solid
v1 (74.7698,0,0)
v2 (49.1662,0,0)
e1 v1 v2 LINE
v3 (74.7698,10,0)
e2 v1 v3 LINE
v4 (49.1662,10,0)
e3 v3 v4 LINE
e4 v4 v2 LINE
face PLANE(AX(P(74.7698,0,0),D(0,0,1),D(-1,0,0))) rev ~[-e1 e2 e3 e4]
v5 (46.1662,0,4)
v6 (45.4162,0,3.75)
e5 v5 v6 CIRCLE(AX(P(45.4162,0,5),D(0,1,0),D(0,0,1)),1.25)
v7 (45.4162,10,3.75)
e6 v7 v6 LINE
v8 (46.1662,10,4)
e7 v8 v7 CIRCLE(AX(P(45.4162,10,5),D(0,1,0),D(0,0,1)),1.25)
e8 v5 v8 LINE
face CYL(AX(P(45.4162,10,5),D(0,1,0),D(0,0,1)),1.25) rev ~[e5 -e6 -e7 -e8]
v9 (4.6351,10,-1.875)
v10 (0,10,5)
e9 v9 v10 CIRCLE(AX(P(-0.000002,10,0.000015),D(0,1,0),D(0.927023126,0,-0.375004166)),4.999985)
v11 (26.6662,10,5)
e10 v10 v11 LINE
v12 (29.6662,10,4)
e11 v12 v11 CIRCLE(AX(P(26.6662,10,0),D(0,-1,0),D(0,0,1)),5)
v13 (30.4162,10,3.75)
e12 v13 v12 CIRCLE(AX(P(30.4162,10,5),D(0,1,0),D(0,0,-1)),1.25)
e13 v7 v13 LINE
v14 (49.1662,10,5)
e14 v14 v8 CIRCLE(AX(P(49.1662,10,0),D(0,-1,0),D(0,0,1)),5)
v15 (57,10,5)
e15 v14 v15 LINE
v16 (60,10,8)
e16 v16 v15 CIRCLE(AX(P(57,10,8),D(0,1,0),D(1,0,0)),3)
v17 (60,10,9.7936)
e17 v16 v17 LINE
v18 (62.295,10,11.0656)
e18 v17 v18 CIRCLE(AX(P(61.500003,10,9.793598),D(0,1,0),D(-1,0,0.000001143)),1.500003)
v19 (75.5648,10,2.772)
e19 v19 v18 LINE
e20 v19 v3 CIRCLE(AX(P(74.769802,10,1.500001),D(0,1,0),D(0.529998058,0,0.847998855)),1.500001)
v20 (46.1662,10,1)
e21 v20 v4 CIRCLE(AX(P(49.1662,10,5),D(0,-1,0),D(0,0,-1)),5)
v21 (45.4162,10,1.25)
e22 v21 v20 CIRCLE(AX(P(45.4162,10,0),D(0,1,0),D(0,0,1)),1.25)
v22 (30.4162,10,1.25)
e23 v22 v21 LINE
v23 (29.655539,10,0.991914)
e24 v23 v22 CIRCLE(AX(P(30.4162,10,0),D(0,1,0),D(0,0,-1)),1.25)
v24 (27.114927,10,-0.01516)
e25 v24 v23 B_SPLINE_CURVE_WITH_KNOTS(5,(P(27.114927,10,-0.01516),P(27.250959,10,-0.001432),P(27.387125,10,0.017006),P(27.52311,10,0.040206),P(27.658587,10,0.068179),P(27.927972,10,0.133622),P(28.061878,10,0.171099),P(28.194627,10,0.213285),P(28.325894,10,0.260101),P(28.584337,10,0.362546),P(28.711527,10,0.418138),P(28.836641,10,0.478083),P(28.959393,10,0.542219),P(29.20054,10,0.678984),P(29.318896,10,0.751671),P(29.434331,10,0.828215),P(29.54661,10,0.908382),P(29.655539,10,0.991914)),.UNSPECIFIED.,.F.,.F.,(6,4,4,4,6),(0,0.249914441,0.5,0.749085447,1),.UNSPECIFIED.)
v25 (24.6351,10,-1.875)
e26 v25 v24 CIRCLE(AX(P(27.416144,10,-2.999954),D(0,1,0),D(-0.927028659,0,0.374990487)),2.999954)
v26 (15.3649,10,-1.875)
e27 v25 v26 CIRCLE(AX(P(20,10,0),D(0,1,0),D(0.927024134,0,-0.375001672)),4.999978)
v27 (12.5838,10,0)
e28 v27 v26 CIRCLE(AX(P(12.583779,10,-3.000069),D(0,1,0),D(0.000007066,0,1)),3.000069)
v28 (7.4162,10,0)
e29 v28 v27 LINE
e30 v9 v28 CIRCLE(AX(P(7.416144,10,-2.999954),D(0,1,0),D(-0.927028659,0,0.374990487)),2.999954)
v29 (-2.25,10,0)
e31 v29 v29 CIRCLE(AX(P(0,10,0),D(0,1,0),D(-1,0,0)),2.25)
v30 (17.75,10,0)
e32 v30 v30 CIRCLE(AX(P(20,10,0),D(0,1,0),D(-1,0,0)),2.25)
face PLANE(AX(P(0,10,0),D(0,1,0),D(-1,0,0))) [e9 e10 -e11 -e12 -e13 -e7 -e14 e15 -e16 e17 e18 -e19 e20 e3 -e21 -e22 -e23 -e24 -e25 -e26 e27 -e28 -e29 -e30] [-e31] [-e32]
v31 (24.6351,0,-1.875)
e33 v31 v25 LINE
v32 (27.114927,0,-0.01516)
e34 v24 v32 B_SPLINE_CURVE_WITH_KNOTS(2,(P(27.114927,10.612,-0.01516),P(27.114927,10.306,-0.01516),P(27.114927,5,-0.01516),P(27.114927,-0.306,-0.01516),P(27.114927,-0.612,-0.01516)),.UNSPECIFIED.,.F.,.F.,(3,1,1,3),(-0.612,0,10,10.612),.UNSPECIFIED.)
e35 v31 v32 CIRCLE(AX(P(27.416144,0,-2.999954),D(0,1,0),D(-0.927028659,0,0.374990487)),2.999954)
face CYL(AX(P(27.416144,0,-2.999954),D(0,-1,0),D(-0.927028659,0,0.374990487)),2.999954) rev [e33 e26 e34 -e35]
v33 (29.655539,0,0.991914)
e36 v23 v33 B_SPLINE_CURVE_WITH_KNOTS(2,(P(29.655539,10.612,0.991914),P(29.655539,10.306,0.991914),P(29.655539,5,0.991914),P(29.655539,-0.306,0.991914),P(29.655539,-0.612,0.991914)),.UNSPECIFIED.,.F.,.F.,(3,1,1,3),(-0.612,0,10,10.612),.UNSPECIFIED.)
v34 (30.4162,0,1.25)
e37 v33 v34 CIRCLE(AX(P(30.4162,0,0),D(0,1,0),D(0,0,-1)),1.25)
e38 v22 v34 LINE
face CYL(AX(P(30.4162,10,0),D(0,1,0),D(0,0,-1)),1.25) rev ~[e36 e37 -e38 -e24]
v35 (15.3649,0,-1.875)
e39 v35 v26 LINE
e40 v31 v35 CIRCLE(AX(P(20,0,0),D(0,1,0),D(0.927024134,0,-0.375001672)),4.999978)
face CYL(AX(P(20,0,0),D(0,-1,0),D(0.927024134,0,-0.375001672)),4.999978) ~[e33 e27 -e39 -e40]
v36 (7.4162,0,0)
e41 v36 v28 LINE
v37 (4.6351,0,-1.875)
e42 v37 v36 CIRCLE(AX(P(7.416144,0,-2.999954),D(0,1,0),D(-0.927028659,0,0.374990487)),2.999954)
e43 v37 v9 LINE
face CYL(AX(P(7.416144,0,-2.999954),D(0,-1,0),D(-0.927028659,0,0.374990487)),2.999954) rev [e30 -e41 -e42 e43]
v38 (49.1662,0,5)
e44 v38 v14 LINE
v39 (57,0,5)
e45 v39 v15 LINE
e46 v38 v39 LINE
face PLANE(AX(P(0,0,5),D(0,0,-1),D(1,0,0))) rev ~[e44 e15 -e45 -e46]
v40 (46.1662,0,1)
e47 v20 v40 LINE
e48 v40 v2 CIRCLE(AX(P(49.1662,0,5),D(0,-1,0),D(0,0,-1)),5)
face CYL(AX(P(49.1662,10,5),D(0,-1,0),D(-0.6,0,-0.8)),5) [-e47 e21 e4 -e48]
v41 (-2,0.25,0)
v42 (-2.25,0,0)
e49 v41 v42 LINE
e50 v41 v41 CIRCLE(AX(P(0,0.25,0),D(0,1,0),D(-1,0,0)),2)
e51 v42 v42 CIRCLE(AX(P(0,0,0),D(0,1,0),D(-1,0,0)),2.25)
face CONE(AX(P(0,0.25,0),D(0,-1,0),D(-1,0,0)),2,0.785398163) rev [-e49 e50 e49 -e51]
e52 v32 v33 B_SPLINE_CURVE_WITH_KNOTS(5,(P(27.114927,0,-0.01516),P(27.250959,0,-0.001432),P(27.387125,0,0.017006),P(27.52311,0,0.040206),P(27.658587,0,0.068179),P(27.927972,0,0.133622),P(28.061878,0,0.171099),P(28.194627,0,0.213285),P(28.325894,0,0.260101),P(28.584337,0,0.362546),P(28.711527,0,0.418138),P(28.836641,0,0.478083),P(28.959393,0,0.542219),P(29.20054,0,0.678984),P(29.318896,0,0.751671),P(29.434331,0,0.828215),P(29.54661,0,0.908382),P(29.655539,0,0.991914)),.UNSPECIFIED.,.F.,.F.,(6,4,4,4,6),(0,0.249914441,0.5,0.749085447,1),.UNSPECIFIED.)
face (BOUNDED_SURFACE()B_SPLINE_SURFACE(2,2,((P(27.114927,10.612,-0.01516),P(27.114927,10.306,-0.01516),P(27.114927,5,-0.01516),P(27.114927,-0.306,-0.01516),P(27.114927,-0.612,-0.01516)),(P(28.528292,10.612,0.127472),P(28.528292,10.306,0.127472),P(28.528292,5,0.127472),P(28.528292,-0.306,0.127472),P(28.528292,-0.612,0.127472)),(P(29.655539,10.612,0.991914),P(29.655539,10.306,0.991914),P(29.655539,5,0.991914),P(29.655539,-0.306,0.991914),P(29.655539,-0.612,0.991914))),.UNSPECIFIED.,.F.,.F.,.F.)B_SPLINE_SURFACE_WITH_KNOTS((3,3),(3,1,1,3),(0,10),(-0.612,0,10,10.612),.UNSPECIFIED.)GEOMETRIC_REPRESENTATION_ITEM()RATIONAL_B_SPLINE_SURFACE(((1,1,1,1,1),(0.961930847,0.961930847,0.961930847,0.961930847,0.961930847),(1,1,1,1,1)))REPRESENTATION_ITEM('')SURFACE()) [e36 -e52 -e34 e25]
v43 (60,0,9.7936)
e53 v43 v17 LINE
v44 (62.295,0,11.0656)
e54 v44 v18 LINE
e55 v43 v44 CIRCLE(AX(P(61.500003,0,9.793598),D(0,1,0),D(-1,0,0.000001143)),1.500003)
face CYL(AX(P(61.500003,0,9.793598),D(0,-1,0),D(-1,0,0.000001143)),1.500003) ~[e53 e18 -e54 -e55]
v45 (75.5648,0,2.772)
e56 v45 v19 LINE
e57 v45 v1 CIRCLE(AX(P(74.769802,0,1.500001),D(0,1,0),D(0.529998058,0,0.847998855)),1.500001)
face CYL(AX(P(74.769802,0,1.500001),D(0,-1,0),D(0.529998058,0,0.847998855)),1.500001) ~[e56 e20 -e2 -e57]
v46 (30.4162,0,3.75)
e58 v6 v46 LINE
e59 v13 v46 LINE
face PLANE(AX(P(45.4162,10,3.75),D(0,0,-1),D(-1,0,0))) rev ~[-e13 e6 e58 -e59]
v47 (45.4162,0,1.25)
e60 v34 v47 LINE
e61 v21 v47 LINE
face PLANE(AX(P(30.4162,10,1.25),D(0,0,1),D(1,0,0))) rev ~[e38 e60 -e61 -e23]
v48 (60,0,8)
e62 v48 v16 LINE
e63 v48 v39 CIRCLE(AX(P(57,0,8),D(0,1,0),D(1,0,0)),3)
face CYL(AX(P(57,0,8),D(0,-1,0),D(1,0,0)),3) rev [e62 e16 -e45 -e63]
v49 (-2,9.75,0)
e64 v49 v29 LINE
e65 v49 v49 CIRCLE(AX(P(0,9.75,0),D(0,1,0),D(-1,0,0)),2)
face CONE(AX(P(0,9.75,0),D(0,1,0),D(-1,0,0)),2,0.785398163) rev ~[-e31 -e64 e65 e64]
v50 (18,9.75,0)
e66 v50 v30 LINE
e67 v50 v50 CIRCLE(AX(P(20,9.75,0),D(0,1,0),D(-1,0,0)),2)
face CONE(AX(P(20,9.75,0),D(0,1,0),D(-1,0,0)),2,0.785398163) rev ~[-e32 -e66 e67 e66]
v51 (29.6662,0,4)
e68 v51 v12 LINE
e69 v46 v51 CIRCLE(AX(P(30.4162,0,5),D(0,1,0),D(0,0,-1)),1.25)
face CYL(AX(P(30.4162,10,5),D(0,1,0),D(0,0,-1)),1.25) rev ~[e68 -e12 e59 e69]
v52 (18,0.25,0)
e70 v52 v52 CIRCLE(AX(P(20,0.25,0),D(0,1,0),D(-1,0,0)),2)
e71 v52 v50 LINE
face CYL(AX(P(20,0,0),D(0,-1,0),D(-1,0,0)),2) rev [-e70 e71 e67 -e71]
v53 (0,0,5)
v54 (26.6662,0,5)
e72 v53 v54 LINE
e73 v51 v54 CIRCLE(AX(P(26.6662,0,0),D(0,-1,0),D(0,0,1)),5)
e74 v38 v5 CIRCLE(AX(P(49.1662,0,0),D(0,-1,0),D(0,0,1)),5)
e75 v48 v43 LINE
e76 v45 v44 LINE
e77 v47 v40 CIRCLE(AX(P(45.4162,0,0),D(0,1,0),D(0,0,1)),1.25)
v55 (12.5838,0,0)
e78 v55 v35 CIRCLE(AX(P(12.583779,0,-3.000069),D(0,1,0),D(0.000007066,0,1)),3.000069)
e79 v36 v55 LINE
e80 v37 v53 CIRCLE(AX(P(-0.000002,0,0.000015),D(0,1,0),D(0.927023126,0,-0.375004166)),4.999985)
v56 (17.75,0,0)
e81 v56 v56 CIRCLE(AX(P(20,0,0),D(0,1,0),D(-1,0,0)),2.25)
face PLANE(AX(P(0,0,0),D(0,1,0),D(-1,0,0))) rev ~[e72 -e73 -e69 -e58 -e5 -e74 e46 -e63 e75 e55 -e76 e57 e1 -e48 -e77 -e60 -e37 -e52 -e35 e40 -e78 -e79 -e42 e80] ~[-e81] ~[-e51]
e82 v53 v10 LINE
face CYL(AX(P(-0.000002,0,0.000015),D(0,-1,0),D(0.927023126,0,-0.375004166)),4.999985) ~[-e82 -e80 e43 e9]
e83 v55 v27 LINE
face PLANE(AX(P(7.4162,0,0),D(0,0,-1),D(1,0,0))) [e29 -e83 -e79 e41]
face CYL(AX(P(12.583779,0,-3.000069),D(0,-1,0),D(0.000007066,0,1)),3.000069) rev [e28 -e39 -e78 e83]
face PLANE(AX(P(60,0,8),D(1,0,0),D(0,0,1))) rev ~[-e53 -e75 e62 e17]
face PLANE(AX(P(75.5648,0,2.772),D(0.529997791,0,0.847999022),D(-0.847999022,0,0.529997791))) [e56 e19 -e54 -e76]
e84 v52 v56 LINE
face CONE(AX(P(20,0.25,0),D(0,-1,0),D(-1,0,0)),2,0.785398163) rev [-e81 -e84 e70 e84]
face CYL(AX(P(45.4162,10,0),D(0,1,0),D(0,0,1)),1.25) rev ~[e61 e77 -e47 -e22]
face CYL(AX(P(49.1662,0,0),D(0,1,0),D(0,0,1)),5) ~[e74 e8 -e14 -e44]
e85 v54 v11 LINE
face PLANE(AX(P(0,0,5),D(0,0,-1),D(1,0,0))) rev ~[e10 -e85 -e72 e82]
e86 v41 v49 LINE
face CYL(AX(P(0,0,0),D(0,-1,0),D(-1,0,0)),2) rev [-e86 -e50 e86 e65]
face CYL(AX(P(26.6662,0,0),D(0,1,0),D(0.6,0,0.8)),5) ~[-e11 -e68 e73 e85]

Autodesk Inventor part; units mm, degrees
ref_plane "YZ Plane" through (0, 0, 0) normal (1, 0, 0) x (0, 1, 0)
ref_plane "XZ Plane" through (0, 0, 0) normal (0, 1, 0) x (-1, 0, 0)
ref_plane "XY Plane" through (0, 0, 0) normal (0, 0, 1) x (1, 0, 0)
sketch "Sketch1" plane through (0, 0, 0) normal (0, 1, 0) x (-1, 0, 0)
  circle A0 centre (0, 0) radius 2
  line L0 (-7.4162, 0) -> (-12.5838, 0) construction
  circle A1 centre (-20, 0) radius 2
  arc A2 (-4.6351, -1.875) -> (0, 5) centre (0, 0) ccw
  arc A3 (-24.6351, -1.875) -> (-15.3649, -1.875) centre (-20, 0) ccw
  line L1 (-5, 0) -> (-15, 0)
  arc A4 (-4.6351, -1.875) -> (-7.4162, 0) centre (-7.4162, -3) ccw
  arc A5 (-12.5838, 0) -> (-15.3649, -1.875) centre (-12.5838, -3) ccw
  line L2 (-27.4162, 0) -> (-74.7698, 0) construction
  line L3 (-80, 0) -> (-80, 12.5) construction
  line L4 (-80, 12.5) -> (-60, 12.5) construction
  line L5 (-75.5648, 2.772) -> (-62.295, 11.0656)
  line L6 (-80, 0) -> (-25, 0)
  line L7 (0, 5) -> (-57, 5)
  line L8 (-60, 8) -> (-60, 9.7936)
  arc A6 (-60, 8) -> (-57, 5) centre (-57, 8) ccw
  arc A7 (-60, 9.7936) -> (-62.295, 11.0656) centre (-61.5, 9.7936) ccw
  arc A8 (-75.5648, 2.772) -> (-74.7698, 0) centre (-74.7698, 1.5) ccw
  arc A9 (-24.6351, -1.875) -> (-27.4162, 0) centre (-27.4162, -3) ccw
  point P0 (-60, 5)
  point P1 (0, 5)
  point P2 (-74.7698, 0)
  point P3 (-7.4162, 0)
  point P4 (-27.4162, 0)
  dimension "d0" = 4
  dimension "d4" = 4
  dimension "d5" = 10
  dimension "d6" = 10
  dimension "d7" = 3
  dimension "d8" = 80
  dimension "d9" = 12.5
  dimension "d10" = 20
  dimension "d11" = 60
  dimension "d12" = 3
  dimension "d13" = 1.5
  dimension "d19" = 5
  dimension "d20" = 3
extrude "Extrusion1" add sketch "Sketch1" along normal blind 10
chamfer "Chamfer1" distance 0.25 angle 45 4 edges at (22, 10, 0) (2, 10, 0) (22, 0, 0) (2, 0, 0)
sketch "Sketch2" plane through (0, 10, 0) normal (0, 1, 0) x (1, 0, 0)
  circle A0 centre (20, 0) radius 2.25 projected
  arc A1 (75.5648, -2.772) -> (74.7698, 0) centre (74.7698, -1.5) ccw projected
  line L0 (74.7698, 0) -> (27.4162, 0) projected
  arc A2 (24.6351, 1.875) -> (27.4162, 0) centre (27.4162, 3) ccw projected
  arc A3 (24.6351, 1.875) -> (15.3649, 1.875) centre (20, 0) ccw projected
  arc A4 (12.5838, 0) -> (15.3649, 1.875) centre (12.5838, 3) ccw projected
  line L1 (12.5838, 0) -> (7.4162, 0) projected
  arc A5 (4.6351, 1.875) -> (7.4162, 0) centre (7.4162, 3) ccw projected
  arc A6 (4.6351, 1.875) -> (0, -5) centre (0, 0) ccw projected
  line L2 (0, -5) -> (57, -5) projected
  arc A7 (60, -8) -> (57, -5) centre (57, -8) ccw projected
  line L3 (60, -8) -> (60, -9.7936) projected
  arc A8 (60, -9.7936) -> (62.295, -11.0656) centre (61.5, -9.7936) ccw projected
  line L4 (62.295, -11.0656) -> (75.5648, -2.772) projected
  circle A9 centre (0, 0) radius 2.25 projected
sketch "Sketch3" plane through (0, 10, 0) normal (0, 1, 0) x (1, 0, 0)
  line L0 (27.4162, 0) -> (27.4162, -5) construction
  line L1 (0, -5) -> (57, -5) construction
  line L2 (27.4162, 0) -> (30.4162, 0) construction
  line L3 (30.4162, 0) -> (30.4162, -5) construction
  line L4 (30.4162, -5) -> (27.4162, -5) construction
  line L5 (27.4162, -5) -> (27.4162, 0) construction
  line L6 (30.4162, 0) -> (45.4162, 0) construction
  line L7 (74.7698, 0) -> (27.4162, 0) projected
  line L8 (30.4162, -1.25) -> (45.4162, -1.25)
  line L9 (45.4162, 1.25) -> (30.4162, 1.25)
  arc A0 (30.4162, 1.25) -> (30.4162, -1.25) centre (30.4162, 0) ccw
  arc A1 (45.4162, -1.25) -> (45.4162, 1.25) centre (45.4162, 0) ccw
  line L10 (30.4162, -5) -> (45.4162, -5) construction
  line L11 (30.4162, -6.25) -> (45.4162, -6.25)
  line L12 (45.4162, -3.75) -> (30.4162, -3.75)
  arc A2 (30.4162, -3.75) -> (30.4162, -6.25) centre (30.4162, -5) ccw
  arc A3 (45.4162, -6.25) -> (45.4162, -3.75) centre (45.4162, -5) ccw
  point P0 (0, 0)
  point P1 (37.9162, 0)
  point P2 (37.9162, -5)
  point P3 (46.6662, 0)
  point P4 (29.1662, 0)
  dimension "d21" = 3
  dimension "d22" = 5
  dimension "d28" = 15
  dimension "d29" = 2.5
  dimension "d30" = 15
  dimension "d31" = 2.5
extrude "Extrusion2" cut sketch "Sketch3" against normal through all contours A1 L8 A0 L7 | A2 L12 A3 L11
fillet "Fillet2" radius 5 4 edges at (29.1662, 5, 0) (46.6662, 5, 0) (46.6662, 5, 5) (29.1662, 5, 5)
properties part number "Battery_Clip" material "Nylon 6/6"
